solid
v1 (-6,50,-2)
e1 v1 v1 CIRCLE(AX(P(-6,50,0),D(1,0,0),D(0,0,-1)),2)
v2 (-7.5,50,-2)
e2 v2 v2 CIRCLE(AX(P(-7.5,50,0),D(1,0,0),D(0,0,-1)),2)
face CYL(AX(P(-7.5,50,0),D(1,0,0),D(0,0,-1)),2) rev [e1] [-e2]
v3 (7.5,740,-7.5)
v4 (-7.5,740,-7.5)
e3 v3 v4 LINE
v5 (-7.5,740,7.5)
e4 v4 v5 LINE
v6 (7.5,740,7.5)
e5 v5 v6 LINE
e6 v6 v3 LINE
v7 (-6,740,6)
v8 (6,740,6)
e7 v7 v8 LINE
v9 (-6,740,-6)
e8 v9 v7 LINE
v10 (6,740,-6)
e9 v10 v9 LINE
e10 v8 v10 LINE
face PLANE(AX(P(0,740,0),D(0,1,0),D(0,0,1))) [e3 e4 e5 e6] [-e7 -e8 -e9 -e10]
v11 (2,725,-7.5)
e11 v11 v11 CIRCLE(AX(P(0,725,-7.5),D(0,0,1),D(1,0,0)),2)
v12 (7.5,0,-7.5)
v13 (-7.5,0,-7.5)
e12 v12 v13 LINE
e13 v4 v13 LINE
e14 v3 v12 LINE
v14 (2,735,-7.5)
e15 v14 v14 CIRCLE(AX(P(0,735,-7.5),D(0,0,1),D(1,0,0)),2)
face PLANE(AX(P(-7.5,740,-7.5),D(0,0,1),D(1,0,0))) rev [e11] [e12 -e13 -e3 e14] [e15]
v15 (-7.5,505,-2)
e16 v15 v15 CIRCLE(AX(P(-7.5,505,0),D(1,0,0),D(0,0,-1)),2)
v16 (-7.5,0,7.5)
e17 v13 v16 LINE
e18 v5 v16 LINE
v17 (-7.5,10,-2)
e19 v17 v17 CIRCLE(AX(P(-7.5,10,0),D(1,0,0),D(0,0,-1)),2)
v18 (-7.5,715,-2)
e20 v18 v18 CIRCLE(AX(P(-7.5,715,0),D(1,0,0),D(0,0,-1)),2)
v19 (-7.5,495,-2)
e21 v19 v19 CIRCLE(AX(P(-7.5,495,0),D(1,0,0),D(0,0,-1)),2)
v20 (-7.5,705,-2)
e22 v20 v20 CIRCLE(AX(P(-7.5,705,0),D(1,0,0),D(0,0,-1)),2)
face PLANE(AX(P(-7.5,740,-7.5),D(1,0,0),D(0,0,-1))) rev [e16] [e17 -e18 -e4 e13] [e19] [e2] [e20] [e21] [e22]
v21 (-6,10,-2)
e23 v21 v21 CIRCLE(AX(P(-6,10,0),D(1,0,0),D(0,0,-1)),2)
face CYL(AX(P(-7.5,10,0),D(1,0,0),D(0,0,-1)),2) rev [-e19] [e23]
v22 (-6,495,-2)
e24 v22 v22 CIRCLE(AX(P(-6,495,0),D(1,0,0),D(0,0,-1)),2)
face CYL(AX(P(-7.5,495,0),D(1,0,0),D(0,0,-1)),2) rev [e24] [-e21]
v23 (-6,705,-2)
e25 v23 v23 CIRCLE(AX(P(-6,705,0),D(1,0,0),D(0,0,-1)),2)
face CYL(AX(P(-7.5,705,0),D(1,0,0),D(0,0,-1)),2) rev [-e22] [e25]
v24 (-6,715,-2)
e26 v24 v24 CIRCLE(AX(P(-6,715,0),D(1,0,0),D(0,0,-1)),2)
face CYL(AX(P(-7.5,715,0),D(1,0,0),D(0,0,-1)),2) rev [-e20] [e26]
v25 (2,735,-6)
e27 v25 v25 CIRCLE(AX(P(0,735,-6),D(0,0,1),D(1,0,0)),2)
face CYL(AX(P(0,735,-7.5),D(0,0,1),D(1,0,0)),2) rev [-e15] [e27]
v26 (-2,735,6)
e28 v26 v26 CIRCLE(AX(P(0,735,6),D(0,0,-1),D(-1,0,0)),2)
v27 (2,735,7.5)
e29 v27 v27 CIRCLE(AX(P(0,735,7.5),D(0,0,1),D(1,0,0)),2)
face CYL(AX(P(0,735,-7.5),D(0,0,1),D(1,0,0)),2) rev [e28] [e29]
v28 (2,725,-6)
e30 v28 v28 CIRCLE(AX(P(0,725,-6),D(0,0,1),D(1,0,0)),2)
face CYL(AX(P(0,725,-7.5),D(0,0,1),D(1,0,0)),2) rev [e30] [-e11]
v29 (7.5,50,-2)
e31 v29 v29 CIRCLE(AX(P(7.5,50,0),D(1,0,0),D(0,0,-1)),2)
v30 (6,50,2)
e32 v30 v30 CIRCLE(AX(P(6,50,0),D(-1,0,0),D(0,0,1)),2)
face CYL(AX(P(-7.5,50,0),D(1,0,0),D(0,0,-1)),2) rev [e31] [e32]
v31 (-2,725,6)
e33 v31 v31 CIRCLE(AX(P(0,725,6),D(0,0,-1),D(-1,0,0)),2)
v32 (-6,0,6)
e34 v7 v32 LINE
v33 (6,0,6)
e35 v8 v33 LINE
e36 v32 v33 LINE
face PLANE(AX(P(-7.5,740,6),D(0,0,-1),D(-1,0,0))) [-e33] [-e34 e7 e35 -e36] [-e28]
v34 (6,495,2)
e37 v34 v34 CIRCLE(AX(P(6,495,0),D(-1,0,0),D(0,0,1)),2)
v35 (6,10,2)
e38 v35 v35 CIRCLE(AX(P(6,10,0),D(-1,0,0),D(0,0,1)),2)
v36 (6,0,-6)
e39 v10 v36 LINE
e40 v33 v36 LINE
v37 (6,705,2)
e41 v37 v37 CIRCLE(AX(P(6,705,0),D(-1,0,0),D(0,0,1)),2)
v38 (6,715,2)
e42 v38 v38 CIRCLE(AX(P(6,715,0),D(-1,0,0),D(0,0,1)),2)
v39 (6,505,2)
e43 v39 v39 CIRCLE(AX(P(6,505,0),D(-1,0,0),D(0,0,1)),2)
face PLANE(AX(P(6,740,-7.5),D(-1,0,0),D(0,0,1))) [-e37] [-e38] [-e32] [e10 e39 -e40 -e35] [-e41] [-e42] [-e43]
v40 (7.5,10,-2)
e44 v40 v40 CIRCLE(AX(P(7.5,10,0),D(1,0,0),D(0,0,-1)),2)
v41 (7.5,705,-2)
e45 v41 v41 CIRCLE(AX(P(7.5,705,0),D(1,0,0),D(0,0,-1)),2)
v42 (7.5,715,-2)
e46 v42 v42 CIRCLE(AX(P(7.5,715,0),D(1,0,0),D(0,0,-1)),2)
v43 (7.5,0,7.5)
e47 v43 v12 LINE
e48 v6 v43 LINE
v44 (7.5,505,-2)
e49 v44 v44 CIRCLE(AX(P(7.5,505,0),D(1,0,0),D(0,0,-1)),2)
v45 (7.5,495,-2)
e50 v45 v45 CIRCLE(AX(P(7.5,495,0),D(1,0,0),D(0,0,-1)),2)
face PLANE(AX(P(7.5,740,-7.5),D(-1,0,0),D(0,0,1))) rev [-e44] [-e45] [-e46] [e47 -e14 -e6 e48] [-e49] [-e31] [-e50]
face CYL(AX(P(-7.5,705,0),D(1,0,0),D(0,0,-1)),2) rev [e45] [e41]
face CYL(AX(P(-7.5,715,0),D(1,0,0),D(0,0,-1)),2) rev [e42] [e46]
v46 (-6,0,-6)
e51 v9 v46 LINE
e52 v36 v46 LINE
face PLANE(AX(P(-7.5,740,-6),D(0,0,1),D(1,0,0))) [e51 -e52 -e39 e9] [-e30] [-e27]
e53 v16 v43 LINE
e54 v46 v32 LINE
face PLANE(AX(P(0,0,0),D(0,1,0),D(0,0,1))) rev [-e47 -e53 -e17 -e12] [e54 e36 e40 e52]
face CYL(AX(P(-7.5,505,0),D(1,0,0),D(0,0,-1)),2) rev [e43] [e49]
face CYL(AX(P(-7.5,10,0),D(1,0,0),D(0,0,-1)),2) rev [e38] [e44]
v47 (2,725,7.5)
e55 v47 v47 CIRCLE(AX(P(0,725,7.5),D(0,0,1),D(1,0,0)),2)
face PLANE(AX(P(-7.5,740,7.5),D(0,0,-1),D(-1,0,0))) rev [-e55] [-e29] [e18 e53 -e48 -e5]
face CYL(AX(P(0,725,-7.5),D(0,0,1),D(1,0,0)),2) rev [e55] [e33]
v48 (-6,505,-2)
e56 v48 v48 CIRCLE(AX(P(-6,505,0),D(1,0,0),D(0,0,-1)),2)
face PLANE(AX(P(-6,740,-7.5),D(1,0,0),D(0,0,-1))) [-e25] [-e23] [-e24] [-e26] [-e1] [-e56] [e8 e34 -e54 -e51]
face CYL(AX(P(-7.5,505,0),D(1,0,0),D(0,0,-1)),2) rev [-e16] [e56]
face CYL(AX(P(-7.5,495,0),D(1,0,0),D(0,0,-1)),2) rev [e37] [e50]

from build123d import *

# Parameters (mm, degrees)
SKETCH_1_W          = 15
SKETCH_1_H          = 15
SKETCH_1_W_2        = 12
SKETCH_1_H_2        = 12
EXTRUDE_1_DEPTH     = 740
SKETCH_2_R          = 2
CUT_EXTRUDE_1_DEPTH = 741.190009389
SKETCH_3_R          = 2
CUT_EXTRUDE_2_DEPTH = 741.190009389


with BuildPart() as part:
    # ｽｹｯﾁ1 → 押し出し-薄板1 (new body)
    with BuildSketch(Plane(origin=(0, 0, 0), x_dir=(1, 0, 0), z_dir=(0, 1, 0))):
        Rectangle(SKETCH_1_W, SKETCH_1_H)
        Rectangle(SKETCH_1_W_2, SKETCH_1_H_2, mode=Mode.SUBTRACT)
    extrude(amount=EXTRUDE_1_DEPTH)

    # ｽｹｯﾁ2 → ｶｯﾄ - 押し出し1 (cut, through all)
    with BuildSketch(Plane(origin=(7.5, 0, 0), x_dir=(0, 0, -1), z_dir=(1, 0, 0))):
        with Locations((0, 50)):
            Circle(SKETCH_2_R)
        with Locations((0, 10)):
            Circle(SKETCH_2_R)
        with Locations((0, 715)):
            Circle(SKETCH_2_R)
        with Locations((0, 705)):
            Circle(SKETCH_2_R)
        with Locations((0, 505)):
            Circle(SKETCH_2_R)
        with Locations((0, 495)):
            Circle(SKETCH_2_R)
    extrude(amount=-CUT_EXTRUDE_1_DEPTH, mode=Mode.SUBTRACT)

    # ｽｹｯﾁ3 → ｶｯﾄ - 押し出し2 (cut, through all)
    with BuildSketch(Plane.XY.offset(7.5)):
        with Locations((0, 735)):
            Circle(SKETCH_3_R)
        with Locations((0, 725)):
            Circle(SKETCH_3_R)
    extrude(amount=-CUT_EXTRUDE_2_DEPTH, mode=Mode.SUBTRACT)


solid = part.part
